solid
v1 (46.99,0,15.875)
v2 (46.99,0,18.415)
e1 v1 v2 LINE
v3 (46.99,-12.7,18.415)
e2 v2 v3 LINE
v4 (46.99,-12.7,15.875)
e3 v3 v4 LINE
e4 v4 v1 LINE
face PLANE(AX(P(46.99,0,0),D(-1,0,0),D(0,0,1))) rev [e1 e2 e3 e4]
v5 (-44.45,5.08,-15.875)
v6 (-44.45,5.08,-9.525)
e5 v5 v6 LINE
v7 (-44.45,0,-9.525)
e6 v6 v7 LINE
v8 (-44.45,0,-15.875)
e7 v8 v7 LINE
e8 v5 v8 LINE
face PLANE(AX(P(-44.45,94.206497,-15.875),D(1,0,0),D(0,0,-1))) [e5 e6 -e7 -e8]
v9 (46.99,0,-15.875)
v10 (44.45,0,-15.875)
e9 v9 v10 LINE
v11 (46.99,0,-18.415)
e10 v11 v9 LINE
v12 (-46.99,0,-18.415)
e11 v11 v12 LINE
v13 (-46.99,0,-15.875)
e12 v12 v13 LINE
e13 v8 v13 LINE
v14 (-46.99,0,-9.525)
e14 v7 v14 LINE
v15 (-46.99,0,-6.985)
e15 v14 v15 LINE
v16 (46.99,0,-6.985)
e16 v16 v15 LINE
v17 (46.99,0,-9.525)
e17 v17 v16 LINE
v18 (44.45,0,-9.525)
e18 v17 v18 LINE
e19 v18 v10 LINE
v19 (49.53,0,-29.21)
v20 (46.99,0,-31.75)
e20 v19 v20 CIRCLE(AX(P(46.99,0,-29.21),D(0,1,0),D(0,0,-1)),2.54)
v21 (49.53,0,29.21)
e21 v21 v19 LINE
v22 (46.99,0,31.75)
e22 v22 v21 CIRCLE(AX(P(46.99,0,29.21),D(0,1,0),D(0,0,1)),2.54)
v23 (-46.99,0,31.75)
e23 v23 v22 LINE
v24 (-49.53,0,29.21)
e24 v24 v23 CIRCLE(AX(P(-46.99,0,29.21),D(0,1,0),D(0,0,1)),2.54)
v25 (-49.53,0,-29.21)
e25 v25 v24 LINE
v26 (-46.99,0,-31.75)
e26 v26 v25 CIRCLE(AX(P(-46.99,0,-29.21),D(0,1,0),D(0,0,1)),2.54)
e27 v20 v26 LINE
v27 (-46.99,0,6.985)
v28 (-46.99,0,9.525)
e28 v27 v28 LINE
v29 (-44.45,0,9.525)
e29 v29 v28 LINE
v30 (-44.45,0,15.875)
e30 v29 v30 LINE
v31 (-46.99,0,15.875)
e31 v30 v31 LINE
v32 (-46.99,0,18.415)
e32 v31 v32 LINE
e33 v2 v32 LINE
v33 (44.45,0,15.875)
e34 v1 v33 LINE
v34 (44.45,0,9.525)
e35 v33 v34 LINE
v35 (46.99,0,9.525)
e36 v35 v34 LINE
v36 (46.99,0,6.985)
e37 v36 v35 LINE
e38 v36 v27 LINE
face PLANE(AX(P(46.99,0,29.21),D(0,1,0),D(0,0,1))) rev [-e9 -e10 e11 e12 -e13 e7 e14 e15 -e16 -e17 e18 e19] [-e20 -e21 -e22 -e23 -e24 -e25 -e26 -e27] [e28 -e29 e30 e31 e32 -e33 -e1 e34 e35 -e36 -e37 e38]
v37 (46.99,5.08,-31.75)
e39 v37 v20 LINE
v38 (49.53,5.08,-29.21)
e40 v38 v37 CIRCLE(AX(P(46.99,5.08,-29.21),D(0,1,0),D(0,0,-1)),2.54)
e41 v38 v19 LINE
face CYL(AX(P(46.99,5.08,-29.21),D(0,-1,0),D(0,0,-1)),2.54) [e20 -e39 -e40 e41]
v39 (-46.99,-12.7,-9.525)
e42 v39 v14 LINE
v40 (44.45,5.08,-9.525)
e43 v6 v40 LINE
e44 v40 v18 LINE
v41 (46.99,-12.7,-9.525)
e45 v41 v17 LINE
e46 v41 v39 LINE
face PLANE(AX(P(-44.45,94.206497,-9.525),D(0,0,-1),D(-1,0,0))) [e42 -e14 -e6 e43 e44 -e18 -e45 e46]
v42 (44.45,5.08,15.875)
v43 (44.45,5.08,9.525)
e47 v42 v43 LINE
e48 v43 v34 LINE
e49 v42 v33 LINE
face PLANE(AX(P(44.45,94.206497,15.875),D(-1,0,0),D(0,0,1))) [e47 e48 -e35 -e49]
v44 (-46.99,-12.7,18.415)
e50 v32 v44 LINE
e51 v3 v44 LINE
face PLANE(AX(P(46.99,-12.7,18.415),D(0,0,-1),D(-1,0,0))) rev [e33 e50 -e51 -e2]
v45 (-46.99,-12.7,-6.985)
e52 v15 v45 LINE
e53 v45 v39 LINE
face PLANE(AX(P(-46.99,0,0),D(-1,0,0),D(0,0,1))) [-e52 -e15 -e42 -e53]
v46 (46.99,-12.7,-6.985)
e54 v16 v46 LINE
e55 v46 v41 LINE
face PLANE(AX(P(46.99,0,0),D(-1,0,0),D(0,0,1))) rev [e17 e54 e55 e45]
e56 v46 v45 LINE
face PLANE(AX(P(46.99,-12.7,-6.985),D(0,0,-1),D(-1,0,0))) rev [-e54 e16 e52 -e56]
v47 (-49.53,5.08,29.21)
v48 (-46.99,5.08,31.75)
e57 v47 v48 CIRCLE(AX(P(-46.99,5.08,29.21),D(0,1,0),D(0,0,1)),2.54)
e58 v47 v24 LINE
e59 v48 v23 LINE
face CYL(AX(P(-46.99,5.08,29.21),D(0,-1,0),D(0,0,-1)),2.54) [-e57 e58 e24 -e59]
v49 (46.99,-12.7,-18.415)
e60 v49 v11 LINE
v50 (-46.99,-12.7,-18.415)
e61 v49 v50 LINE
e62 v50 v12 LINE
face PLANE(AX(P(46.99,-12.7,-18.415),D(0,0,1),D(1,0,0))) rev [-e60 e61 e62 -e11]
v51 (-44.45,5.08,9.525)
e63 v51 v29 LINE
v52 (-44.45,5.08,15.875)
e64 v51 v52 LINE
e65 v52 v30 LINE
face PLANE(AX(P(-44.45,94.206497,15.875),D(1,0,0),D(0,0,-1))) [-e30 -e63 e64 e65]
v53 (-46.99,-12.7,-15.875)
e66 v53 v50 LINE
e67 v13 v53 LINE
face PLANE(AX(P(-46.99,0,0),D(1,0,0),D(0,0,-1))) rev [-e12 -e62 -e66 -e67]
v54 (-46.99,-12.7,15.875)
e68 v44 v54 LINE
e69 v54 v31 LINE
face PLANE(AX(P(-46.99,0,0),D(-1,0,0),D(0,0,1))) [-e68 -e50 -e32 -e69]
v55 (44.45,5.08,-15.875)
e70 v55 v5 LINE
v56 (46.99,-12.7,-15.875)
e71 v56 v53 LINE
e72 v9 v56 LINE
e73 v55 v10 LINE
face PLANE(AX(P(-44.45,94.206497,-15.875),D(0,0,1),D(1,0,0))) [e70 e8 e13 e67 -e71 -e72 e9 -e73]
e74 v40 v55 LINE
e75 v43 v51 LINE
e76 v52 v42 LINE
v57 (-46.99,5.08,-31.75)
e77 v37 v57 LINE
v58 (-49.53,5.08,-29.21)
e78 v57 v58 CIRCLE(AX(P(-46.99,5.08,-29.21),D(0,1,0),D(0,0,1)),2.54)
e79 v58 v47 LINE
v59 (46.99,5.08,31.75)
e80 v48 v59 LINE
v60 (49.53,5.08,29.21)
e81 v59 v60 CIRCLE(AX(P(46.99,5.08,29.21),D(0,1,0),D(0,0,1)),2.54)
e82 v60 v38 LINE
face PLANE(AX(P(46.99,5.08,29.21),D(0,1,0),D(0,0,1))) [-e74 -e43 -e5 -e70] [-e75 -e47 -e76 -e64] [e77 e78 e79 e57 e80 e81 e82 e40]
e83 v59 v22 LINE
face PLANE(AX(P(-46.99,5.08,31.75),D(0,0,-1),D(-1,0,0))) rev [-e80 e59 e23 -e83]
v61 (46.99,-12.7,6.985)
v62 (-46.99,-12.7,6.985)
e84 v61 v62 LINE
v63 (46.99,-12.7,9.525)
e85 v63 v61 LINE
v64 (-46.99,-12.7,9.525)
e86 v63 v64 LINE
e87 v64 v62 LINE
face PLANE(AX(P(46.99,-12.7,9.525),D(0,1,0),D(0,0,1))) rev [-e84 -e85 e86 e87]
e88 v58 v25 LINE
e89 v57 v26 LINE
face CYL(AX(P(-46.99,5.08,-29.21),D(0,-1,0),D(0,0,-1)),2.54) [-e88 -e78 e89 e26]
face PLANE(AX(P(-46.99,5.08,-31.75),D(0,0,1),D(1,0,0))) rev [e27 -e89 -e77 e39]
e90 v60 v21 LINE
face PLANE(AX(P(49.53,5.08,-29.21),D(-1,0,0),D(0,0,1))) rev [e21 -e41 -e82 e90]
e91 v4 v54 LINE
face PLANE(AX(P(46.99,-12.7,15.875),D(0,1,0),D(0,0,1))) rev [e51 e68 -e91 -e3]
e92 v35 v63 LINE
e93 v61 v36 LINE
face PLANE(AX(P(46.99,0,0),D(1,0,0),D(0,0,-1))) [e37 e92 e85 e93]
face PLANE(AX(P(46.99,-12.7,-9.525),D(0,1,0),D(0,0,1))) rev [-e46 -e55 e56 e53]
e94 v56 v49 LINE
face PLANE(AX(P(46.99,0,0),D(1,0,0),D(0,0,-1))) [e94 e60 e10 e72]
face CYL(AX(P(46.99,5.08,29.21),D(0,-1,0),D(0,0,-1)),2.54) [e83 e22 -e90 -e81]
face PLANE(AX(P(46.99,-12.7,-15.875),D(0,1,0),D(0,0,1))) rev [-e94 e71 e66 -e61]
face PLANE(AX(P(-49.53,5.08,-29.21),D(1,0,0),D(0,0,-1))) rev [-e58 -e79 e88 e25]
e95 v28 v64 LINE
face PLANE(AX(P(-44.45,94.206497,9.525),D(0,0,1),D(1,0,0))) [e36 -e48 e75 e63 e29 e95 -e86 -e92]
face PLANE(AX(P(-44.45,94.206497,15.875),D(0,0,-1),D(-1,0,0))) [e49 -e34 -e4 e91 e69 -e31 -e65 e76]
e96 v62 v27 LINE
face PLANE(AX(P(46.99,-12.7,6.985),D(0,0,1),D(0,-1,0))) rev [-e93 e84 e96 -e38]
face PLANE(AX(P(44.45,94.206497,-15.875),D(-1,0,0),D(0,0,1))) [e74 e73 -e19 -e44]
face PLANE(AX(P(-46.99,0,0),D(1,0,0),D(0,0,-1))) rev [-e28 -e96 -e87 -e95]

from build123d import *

# Parameters (mm, degrees)
BOSS_EXTRUDE1_DEPTH = 5.08
SKETCH4_W           = 88.9
SKETCH4_H           = 6.35
CUT_EXTRUDE2_DEPTH  = 5.08
SKETCH6_W           = 2.54
SKETCH6_H           = 12.7
BOSS_EXTRUDE2_DEPTH = 46.99


with BuildPart() as part:
    # Sketch2 → Boss-Extrude1 (new body)
    with BuildSketch(Plane(origin=(0, 0, 0), x_dir=(1, 0, 0), z_dir=(0, 1, 0))):
        with BuildLine():
            Line((-46.99, 31.75), (46.99, 31.75))
            ThreePointArc((46.99, 31.75), (48.786051224, 31.006051224), (49.53, 29.21))
            Line((49.53, 29.21), (49.53, -29.21))
            ThreePointArc((49.53, -29.21), (48.786051224, -31.006051224), (46.99, -31.75))
            Line((46.99, -31.75), (-46.99, -31.75))
            ThreePointArc((-46.99, -31.75), (-48.786051224, -31.006051224), (-49.53, -29.21))
            Line((-49.53, -29.21), (-49.53, 29.21))
            ThreePointArc((-49.53, 29.21), (-48.786051224, 31.006051224), (-46.99, 31.75))
        make_face()
    extrude(amount=BOSS_EXTRUDE1_DEPTH)

    # Sketch4 → Cut-Extrude2 (cut)
    with BuildSketch(Plane(origin=(0, 0, 0), x_dir=(1, 0, 0), z_dir=(0, 1, 0))):
        with Locations((0, 12.7)):
            Rectangle(SKETCH4_W, SKETCH4_H)
        with Locations((0, -12.7)):
            Rectangle(SKETCH4_W, SKETCH4_H)
    extrude(amount=CUT_EXTRUDE2_DEPTH, mode=Mode.SUBTRACT)

    # Sketch6 → Boss-Extrude2 (add, symmetric)
    with BuildSketch(Plane(origin=(0, 0, 0), x_dir=(0, 0, -1), z_dir=(1, 0, 0))):
        with Locations((-17.145, -6.35)):
            Rectangle(SKETCH6_W, SKETCH6_H)
        with Locations((-8.255, -6.35)):
            Rectangle(SKETCH6_W, SKETCH6_H)
        with Locations((8.255, -6.35)):
            Rectangle(SKETCH6_W, SKETCH6_H)
        with Locations((17.145, -6.35)):
            Rectangle(SKETCH6_W, SKETCH6_H)
    extrude(amount=BOSS_EXTRUDE2_DEPTH, both=True)


solid = part.part
